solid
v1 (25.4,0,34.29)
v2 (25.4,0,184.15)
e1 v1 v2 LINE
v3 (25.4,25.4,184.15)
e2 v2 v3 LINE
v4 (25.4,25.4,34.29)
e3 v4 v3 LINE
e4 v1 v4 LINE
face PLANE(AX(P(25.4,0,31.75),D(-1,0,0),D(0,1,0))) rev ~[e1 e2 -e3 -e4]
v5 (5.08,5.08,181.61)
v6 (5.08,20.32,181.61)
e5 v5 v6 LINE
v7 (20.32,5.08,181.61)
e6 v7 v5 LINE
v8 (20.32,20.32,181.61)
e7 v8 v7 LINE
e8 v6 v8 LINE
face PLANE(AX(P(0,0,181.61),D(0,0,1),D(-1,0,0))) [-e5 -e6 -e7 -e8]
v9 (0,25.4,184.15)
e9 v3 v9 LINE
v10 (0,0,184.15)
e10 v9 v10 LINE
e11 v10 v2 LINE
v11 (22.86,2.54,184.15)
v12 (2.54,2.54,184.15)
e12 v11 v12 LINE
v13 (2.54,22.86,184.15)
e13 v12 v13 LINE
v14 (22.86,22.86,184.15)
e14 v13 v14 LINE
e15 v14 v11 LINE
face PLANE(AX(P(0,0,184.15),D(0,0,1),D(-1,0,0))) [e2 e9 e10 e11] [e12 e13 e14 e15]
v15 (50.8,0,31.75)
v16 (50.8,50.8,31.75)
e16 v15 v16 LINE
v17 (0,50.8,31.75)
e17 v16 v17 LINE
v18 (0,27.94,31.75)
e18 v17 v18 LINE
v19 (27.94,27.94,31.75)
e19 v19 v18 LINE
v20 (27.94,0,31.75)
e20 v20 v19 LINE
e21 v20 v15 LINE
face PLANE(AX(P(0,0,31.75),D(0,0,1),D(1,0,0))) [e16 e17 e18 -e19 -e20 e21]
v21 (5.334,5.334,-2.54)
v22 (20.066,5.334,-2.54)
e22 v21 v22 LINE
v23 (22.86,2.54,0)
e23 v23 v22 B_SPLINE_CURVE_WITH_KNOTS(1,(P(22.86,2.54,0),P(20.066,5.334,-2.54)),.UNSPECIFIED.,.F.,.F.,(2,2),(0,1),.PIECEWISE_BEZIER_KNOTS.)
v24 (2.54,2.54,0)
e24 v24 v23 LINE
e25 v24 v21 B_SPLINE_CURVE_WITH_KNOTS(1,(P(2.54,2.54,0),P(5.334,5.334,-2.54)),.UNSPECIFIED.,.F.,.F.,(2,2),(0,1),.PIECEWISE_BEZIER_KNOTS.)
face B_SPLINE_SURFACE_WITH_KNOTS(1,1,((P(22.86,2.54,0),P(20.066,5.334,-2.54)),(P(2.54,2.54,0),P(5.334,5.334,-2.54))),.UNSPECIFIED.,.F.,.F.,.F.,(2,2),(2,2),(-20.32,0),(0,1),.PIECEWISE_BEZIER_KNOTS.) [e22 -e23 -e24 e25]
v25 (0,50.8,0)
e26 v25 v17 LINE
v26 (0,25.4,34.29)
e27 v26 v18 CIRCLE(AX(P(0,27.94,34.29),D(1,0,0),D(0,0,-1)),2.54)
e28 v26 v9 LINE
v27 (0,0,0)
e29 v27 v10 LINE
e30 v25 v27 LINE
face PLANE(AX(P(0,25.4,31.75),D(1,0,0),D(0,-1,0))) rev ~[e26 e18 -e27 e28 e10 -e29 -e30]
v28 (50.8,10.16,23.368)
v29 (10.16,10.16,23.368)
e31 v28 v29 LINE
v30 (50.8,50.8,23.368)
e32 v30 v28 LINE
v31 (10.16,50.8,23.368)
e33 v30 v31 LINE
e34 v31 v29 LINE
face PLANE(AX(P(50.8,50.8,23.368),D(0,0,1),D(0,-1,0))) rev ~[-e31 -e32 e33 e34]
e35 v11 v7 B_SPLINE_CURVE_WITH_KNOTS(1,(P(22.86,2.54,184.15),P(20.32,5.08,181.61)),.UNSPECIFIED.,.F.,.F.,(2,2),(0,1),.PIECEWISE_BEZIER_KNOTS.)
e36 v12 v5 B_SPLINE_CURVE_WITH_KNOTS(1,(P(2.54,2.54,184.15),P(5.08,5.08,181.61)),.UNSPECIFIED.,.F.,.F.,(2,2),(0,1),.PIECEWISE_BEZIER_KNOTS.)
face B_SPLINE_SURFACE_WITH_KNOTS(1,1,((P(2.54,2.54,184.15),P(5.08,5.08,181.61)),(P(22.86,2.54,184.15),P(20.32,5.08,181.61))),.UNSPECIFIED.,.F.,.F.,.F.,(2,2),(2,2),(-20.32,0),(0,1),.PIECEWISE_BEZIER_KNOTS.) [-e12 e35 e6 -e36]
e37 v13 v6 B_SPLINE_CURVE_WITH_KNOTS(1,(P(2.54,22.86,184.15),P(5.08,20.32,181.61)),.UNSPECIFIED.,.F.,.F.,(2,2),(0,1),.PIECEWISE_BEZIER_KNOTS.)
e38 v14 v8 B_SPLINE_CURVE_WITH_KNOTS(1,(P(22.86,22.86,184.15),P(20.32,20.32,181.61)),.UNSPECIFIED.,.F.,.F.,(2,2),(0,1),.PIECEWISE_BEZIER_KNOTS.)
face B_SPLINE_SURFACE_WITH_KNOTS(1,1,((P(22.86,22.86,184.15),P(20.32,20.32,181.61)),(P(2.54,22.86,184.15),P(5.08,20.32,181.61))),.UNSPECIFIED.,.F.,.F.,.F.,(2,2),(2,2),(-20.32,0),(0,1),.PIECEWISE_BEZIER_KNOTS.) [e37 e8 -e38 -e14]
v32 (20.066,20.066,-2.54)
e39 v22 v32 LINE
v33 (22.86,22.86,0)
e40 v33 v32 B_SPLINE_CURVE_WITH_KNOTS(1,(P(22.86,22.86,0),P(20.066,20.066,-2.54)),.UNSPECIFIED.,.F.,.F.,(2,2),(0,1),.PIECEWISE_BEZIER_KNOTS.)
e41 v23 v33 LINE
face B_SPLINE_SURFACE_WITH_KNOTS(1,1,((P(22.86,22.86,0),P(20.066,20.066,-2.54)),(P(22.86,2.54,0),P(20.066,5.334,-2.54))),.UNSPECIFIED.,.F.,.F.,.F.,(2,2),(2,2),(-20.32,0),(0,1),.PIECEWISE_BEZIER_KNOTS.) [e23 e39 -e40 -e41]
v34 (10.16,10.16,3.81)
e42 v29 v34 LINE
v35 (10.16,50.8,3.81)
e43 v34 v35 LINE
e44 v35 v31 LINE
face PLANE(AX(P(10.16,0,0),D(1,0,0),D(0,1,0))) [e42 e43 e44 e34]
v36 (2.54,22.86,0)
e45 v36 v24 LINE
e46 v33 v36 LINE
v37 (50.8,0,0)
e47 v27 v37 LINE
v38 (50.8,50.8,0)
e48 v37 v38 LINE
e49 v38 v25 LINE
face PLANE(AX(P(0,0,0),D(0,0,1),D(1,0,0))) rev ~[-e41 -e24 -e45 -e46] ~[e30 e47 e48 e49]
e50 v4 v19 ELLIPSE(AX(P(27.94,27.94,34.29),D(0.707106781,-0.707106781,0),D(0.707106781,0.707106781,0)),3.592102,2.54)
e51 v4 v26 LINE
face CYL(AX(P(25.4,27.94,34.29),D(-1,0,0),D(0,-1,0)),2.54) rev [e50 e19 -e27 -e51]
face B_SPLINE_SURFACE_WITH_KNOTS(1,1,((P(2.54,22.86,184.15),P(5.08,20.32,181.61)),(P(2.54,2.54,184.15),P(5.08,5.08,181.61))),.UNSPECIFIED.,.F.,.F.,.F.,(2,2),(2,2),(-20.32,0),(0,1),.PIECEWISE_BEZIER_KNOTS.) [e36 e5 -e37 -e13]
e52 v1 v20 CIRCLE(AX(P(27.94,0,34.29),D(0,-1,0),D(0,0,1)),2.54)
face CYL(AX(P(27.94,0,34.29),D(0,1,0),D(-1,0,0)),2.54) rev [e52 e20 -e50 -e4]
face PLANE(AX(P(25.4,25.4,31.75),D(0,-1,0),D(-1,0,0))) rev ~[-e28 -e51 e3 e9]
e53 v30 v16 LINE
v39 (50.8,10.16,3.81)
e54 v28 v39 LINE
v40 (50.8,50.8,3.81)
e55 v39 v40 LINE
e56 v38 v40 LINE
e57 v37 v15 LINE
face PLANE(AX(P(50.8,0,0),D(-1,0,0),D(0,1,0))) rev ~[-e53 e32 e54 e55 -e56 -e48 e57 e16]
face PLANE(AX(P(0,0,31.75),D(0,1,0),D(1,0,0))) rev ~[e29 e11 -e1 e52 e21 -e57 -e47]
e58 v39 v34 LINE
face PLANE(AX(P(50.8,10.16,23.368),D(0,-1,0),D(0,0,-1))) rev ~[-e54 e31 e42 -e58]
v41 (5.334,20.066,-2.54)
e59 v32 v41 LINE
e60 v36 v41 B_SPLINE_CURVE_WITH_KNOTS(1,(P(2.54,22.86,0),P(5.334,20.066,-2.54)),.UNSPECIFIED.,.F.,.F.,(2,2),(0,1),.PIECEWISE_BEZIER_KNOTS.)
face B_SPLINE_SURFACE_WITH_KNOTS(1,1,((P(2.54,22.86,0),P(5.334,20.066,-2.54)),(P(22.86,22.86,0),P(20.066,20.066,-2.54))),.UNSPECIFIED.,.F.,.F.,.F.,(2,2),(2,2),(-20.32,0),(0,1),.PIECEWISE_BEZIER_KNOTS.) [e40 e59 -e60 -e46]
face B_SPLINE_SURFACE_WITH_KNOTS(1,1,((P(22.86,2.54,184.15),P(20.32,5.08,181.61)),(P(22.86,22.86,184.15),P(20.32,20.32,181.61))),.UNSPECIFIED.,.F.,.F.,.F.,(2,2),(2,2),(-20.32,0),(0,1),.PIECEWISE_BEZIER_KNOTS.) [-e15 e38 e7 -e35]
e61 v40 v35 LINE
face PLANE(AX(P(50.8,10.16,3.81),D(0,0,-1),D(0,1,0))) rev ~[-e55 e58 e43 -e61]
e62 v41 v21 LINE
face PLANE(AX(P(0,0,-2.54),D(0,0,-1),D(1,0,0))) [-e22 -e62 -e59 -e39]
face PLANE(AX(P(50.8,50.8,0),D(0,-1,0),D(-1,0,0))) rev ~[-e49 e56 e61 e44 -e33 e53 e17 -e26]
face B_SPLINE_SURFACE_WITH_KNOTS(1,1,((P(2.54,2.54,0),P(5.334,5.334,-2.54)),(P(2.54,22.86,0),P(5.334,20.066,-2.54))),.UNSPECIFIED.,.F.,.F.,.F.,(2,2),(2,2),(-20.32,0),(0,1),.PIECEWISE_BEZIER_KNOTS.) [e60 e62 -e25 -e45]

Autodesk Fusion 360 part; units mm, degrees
sketch "Sketch1" plane through (0, 0, 0) normal (0, 0, 1) x (1, 0, 0)
  line L0 (0, 0) -> (50.8, 0)
  line L1 (50.8, 0) -> (50.8, 50.8)
  line L2 (50.8, 50.8) -> (0, 50.8)
  line L3 (0, 50.8) -> (0, 0)
  dimension "d1" = 50.8
  dimension "d2" = 50.8
extrude "Extrude1" add sketch "Sketch1" along normal blind 31.75
sketch "Sketch2" plane through (50.8, 0, 0) normal (1, 0, 0) x (0, 1, 0)
  line L0 (0, 0) -> (50.8, 0)
  line L1 (50.8, 0) -> (50.8, 31.75)
  line L2 (50.8, 31.75) -> (0, 31.75)
  line L3 (0, 31.75) -> (0, 0)
  line L4 (50.8, 23.368) -> (10.16, 23.368)
  line L5 (10.16, 23.368) -> (10.16, 3.81)
  line L6 (10.16, 3.81) -> (50.8, 3.81)
  line L7 (50.8, 3.81) -> (50.8, 23.368)
  dimension "d5" = 40.64
  dimension "d6" = 19.558
  dimension "d14" = 3.81
extrude "Extrude2" cut sketch "Sketch2" against normal blind 40.64 contours L1 L4 L5 L6 L7
sketch "Sketch3" plane through (0, 0, 31.75) normal (0, 0, 1) x (-1, 0, 0)
  line L0 (0, -50.8) -> (0, 0)
  line L1 (0, 0) -> (-50.8, 0)
  line L2 (-50.8, 0) -> (-50.8, -50.8)
  line L3 (-50.8, -50.8) -> (0, -50.8)
  line L4 (0, 0) -> (-25.4, 0)
  line L5 (-25.4, 0) -> (-25.4, -25.4)
  line L6 (-25.4, -25.4) -> (0, -25.4)
  line L7 (0, -25.4) -> (0, 0)
  dimension "d10" = 25.4
  dimension "d11" = 25.4
extrude "Extrude3" add sketch "Sketch3" along normal blind 152.4 contours L0 L1 L4 L5 L6 L7
fillet "Fillet1" radius 2.54 2 edges at (25.4, 12.7, 31.75) (12.7, 25.4, 31.75)
sketch "Sketch4" plane through (0, 0, 0) normal (0, 0, -1) x (1, 0, 0)
  line L0 (0, 0) -> (0, -50.8)
  line L1 (0, -50.8) -> (50.8, -50.8)
  line L2 (50.8, -50.8) -> (50.8, 0)
  line L3 (50.8, 0) -> (0, 0)
  line L4 (2.54, -2.54) -> (22.86, -2.54)
  line L5 (22.86, -2.54) -> (22.86, -22.86)
  line L6 (22.86, -22.86) -> (2.54, -22.86)
  line L7 (2.54, -22.86) -> (2.54, -2.54)
  dimension "d17" = 2.54
  dimension "d18" = 2.54
  dimension "d19" = 20.32
  dimension "d20" = 20.32
sketch "Sketch5" plane through (0, 0, 0) normal (0, 0, -1) x (1, 0, 0)
  line L0 (5.334, -5.334) -> (20.066, -5.334)
  line L1 (20.066, -5.334) -> (20.066, -20.066)
  line L2 (20.066, -20.066) -> (5.334, -20.066)
  line L3 (5.334, -20.066) -> (5.334, -5.334)
  line L4 (0, -50.8) -> (0, 0)
  line L5 (0, 0) -> (50.8, 0)
  dimension "d37" = 14.732
  dimension "d38" = 14.732
  dimension "d39" = 5.334
  dimension "d40" = 5.334
sketch "Sketch6" plane through (0, 0, 184.15) normal (0, 0, 1) x (-1, 0, 0)
  line L0 (0, -25.4) -> (0, 0)
  line L1 (0, 0) -> (-25.4, 0)
  line L2 (-25.4, 0) -> (-25.4, -25.4)
  line L3 (-25.4, -25.4) -> (0, -25.4)
  line L4 (-2.54, -22.86) -> (-22.86, -22.86)
  line L5 (-22.86, -22.86) -> (-22.86, -2.54)
  line L6 (-22.86, -2.54) -> (-2.54, -2.54)
  line L7 (-2.54, -2.54) -> (-2.54, -22.86)
  line L8 (-5.08, -20.32) -> (-20.32, -20.32)
  line L9 (-20.32, -20.32) -> (-20.32, -5.08)
  line L10 (-20.32, -5.08) -> (-5.08, -5.08)
  line L11 (-5.08, -5.08) -> (-5.08, -20.32)
  dimension "d27" = 2.54
  dimension "d28" = 2.54
  dimension "d29" = 2.54
  dimension "d30" = 20.32
  dimension "d31" = 2.54
  dimension "d32" = 15.24
  dimension "d33" = 15.24
  dimension "d34" = 2.54
extrude "Extrude5" cut sketch "Sketch6" against normal blind 2.54 contours L8 L9 L10 L11
loft "Loft2" cut profiles "Sketch6" section 1 contours L4 L5 L6 L7 section 2 face at (15.24, 15.24, 181.61)
extrude "Extrude7" add sketch "Sketch5" along normal blind 2.54
loft "Loft3" add profiles "Sketch4" section 1 contours L4 L5 L6 L7 section 2 face at (15.1553, 10.2447, -2.54)
